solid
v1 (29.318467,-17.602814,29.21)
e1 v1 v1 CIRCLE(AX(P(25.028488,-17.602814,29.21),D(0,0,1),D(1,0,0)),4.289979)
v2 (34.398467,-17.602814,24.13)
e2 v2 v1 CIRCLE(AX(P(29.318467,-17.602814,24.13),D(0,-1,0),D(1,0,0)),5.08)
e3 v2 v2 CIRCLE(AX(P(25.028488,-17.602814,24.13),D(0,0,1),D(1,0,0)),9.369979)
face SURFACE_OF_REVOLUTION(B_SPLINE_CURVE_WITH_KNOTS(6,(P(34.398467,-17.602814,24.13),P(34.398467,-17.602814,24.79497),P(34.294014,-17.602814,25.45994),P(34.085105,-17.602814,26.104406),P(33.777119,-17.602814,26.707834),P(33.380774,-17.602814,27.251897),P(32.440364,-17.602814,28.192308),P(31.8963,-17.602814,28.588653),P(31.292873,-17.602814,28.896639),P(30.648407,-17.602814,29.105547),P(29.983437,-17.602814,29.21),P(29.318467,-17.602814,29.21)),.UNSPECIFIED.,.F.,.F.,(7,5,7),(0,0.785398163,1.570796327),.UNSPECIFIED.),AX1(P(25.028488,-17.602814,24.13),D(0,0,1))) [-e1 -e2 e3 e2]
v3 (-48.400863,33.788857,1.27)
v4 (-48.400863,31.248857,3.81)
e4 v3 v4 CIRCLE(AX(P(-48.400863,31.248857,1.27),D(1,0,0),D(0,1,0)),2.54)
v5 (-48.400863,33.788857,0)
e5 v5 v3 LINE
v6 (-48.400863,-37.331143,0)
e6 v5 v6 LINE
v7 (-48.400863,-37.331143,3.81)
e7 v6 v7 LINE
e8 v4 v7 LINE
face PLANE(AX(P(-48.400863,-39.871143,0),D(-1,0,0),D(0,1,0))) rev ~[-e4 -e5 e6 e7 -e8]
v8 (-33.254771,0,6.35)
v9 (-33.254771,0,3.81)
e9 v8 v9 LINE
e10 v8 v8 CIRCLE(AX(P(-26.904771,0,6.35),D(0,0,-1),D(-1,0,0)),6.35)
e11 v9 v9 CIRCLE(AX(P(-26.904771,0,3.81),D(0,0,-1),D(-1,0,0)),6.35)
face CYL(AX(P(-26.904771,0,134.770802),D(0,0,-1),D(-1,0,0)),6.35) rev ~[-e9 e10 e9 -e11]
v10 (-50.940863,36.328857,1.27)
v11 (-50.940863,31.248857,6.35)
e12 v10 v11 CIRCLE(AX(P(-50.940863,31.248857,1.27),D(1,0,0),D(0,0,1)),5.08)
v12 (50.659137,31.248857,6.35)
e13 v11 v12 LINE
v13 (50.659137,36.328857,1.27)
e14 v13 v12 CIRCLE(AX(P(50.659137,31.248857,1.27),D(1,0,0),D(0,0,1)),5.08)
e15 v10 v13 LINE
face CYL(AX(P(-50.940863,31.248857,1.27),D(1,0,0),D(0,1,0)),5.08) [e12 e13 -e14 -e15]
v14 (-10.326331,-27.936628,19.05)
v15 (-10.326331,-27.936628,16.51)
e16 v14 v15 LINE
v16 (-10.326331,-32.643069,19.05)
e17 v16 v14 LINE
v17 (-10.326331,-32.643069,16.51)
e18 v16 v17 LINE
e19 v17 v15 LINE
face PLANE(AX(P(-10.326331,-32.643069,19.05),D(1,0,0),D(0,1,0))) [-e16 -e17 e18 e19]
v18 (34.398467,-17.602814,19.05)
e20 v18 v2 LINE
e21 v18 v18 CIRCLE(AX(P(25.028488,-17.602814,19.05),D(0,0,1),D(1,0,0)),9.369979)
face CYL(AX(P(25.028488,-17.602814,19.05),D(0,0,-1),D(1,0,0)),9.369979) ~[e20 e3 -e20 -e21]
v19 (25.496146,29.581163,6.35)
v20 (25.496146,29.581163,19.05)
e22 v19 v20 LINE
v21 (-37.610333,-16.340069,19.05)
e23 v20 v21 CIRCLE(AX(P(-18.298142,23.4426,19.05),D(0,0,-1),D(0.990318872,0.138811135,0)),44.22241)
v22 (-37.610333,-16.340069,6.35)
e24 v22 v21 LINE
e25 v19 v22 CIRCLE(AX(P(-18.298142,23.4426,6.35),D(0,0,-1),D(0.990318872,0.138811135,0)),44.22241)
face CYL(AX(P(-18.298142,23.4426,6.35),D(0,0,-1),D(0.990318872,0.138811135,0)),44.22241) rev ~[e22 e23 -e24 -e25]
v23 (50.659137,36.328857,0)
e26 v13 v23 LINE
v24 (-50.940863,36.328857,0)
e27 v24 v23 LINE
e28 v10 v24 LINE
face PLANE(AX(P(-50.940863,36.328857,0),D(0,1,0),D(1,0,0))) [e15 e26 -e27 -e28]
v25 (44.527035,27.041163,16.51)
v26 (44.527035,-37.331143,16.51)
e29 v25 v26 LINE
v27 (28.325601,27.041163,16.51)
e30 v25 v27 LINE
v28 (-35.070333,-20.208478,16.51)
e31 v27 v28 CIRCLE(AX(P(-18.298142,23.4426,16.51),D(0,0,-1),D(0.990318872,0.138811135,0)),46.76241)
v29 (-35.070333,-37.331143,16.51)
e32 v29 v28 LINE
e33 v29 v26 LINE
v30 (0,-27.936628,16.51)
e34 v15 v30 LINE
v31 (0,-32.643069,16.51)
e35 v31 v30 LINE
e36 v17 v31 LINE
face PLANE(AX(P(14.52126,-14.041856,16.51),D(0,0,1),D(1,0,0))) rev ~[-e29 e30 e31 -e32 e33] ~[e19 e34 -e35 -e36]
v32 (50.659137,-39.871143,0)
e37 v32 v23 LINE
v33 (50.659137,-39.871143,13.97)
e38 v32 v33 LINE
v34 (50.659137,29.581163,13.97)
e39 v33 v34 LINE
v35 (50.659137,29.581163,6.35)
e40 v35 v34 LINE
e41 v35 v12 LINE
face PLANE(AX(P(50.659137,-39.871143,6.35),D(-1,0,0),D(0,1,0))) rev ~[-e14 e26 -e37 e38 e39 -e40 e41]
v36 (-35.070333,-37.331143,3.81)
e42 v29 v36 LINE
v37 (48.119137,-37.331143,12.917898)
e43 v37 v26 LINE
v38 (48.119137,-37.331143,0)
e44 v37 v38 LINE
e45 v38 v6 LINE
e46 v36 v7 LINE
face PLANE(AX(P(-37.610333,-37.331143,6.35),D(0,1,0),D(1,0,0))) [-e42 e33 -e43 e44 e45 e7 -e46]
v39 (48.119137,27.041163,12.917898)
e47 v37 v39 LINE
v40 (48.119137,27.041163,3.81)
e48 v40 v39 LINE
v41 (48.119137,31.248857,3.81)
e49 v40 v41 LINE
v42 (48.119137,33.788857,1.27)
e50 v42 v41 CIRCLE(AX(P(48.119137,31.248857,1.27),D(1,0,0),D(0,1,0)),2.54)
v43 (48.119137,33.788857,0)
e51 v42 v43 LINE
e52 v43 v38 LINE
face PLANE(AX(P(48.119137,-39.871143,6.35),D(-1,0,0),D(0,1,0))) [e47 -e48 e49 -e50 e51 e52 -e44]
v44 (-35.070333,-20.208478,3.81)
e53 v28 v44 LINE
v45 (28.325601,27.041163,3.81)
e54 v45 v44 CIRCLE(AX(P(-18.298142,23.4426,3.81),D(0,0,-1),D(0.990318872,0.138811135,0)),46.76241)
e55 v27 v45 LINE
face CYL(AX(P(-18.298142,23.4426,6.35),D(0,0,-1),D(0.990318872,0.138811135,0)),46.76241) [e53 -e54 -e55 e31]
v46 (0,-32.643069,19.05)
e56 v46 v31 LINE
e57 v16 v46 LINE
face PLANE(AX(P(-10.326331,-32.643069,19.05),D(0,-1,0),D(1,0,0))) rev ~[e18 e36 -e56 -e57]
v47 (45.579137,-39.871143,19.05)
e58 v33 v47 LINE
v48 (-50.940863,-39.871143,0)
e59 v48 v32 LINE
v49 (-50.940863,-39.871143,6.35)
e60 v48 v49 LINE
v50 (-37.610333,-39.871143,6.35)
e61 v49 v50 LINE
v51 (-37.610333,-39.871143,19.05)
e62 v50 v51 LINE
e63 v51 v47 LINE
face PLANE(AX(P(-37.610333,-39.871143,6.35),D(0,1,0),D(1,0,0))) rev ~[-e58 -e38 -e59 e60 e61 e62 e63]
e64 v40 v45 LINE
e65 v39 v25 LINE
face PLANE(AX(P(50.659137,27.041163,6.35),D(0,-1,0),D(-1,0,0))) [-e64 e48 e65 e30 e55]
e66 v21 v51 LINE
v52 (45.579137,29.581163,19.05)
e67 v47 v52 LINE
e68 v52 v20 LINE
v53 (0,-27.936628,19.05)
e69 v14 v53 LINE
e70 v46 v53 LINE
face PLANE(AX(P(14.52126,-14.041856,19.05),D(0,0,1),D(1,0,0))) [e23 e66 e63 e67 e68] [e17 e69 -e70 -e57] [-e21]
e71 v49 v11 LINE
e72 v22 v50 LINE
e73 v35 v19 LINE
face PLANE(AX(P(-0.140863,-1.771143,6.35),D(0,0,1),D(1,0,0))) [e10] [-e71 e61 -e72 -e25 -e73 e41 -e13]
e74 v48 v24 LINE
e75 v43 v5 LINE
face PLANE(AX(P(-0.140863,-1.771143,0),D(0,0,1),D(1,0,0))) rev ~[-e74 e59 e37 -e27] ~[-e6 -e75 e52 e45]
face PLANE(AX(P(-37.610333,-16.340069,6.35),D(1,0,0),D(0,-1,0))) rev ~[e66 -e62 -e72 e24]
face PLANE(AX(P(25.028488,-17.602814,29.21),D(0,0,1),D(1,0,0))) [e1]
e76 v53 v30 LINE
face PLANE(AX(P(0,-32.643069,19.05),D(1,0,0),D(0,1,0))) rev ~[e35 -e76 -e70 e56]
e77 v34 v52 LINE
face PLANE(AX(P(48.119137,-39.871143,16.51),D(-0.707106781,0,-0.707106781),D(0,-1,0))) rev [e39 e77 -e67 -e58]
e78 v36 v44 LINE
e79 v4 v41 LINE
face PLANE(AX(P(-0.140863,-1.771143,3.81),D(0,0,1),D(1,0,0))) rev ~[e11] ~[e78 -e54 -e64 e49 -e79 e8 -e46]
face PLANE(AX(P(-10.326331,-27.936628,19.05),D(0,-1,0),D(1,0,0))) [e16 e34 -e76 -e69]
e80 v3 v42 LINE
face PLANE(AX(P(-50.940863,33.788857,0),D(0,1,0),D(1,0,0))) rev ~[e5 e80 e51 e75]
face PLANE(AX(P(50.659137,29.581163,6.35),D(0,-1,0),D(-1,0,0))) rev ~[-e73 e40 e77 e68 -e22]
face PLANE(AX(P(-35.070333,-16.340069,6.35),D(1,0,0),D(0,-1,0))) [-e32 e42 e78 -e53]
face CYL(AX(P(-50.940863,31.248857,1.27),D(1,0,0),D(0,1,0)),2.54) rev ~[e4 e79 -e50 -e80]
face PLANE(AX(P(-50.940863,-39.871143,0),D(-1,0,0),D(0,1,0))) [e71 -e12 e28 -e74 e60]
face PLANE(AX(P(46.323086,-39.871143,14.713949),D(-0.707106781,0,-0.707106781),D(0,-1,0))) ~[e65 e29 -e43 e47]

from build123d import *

# Parameters (mm, degrees)
F0_W      = 101.6
F0_H      = 76.2
F1_DEPTH  = 6.35
F3_DEPTH  = 5.334
F4_DEPTH  = 12.7
F5_R      = 5.08
F6_SIZE   = 5.08
F8_T      = -2.54
F9_D      = 12.7
F10_R     = 9.3699791153
F11_DEPTH = 10.16
F12_R     = 5.08
F13_W     = 10.32633055
F13_H     = 4.7064404935
F14_DEPTH = 25.4


with BuildPart() as f1:
    # F0 (on Top) → F1 (new body)
    with BuildSketch(Plane.XY):
        with Locations((-0.1408625394, -1.77114314)):
            Rectangle(F0_W, F0_H)
    extrude(amount=F1_DEPTH)

    # F3 (add): a face of the model
    f3_faces = [f1.faces().sort_by_distance(p)[0] for p in [
        (-0.1408625394, -1.77114314, 0),
    ]]
    extrude(f3_faces, amount=-F3_DEPTH)

    # F2 (on face) → F4 (join)
    with BuildSketch(Plane.XY.offset(6.35)):
        with BuildLine():
            Line((-37.6103334129, -16.3400694728), (-37.6103334129, -39.87114314))
            Line((-37.6103334129, -39.87114314), (50.6591374606, -39.87114314))
            Line((50.6591374606, -39.87114314), (50.6591374606, 29.5811630785))
            Line((50.6591374606, 29.5811630785), (25.4961457103, 29.5811630785))
            ThreePointArc((25.4961457103, 29.5811630785), (7.7217190937, -12.3147544324), (-37.6103334129, -16.3400694728))
        make_face()
    extrude(amount=F4_DEPTH)

    # F5
    f5_edges = [f1.edges().sort_by_distance(p)[0] for p in [
        (-0.140863, 36.328857, 6.35),
    ]]
    fillet(f5_edges, radius=F5_R)

    # F6
    f6_edges = [f1.edges().sort_by_distance(p)[0] for p in [
        (50.659137, -5.14499, 19.05),
    ]]
    chamfer(f6_edges, length=F6_SIZE)

    # F8
    f8_openings = [f1.faces().sort_by_distance(p)[0] for p in [
        (-0.140863, -1.771143, 0),
    ]]
    offset(amount=F8_T, openings=f8_openings, kind=Kind.INTERSECTION)

    # F9 (through all)
    with Locations(Plane.XY.offset(6.35)):
        with Locations((-26.9047711045, 0)):
            Hole(F9_D / 2)

    # F10 (on face) → F11 (join)
    with BuildSketch(Plane.XY.offset(19.05)):
        with Locations((25.0284876674, -17.6028143615)):
            Circle(F10_R)
    extrude(amount=F11_DEPTH)

    # F12
    f12_edges = [f1.edges().sort_by_distance(p)[0] for p in [
        (15.658509, -17.602814, 29.21),
    ]]
    fillet(f12_edges, radius=F12_R)

    # F13 (on face) → F14 (cut)
    with BuildSketch(Plane.XY.offset(19.05)):
        with Locations((-5.163165275, -30.2898483351)):
            Rectangle(F13_W, F13_H)
    extrude(amount=-F14_DEPTH, mode=Mode.SUBTRACT)


solid = f1.part
